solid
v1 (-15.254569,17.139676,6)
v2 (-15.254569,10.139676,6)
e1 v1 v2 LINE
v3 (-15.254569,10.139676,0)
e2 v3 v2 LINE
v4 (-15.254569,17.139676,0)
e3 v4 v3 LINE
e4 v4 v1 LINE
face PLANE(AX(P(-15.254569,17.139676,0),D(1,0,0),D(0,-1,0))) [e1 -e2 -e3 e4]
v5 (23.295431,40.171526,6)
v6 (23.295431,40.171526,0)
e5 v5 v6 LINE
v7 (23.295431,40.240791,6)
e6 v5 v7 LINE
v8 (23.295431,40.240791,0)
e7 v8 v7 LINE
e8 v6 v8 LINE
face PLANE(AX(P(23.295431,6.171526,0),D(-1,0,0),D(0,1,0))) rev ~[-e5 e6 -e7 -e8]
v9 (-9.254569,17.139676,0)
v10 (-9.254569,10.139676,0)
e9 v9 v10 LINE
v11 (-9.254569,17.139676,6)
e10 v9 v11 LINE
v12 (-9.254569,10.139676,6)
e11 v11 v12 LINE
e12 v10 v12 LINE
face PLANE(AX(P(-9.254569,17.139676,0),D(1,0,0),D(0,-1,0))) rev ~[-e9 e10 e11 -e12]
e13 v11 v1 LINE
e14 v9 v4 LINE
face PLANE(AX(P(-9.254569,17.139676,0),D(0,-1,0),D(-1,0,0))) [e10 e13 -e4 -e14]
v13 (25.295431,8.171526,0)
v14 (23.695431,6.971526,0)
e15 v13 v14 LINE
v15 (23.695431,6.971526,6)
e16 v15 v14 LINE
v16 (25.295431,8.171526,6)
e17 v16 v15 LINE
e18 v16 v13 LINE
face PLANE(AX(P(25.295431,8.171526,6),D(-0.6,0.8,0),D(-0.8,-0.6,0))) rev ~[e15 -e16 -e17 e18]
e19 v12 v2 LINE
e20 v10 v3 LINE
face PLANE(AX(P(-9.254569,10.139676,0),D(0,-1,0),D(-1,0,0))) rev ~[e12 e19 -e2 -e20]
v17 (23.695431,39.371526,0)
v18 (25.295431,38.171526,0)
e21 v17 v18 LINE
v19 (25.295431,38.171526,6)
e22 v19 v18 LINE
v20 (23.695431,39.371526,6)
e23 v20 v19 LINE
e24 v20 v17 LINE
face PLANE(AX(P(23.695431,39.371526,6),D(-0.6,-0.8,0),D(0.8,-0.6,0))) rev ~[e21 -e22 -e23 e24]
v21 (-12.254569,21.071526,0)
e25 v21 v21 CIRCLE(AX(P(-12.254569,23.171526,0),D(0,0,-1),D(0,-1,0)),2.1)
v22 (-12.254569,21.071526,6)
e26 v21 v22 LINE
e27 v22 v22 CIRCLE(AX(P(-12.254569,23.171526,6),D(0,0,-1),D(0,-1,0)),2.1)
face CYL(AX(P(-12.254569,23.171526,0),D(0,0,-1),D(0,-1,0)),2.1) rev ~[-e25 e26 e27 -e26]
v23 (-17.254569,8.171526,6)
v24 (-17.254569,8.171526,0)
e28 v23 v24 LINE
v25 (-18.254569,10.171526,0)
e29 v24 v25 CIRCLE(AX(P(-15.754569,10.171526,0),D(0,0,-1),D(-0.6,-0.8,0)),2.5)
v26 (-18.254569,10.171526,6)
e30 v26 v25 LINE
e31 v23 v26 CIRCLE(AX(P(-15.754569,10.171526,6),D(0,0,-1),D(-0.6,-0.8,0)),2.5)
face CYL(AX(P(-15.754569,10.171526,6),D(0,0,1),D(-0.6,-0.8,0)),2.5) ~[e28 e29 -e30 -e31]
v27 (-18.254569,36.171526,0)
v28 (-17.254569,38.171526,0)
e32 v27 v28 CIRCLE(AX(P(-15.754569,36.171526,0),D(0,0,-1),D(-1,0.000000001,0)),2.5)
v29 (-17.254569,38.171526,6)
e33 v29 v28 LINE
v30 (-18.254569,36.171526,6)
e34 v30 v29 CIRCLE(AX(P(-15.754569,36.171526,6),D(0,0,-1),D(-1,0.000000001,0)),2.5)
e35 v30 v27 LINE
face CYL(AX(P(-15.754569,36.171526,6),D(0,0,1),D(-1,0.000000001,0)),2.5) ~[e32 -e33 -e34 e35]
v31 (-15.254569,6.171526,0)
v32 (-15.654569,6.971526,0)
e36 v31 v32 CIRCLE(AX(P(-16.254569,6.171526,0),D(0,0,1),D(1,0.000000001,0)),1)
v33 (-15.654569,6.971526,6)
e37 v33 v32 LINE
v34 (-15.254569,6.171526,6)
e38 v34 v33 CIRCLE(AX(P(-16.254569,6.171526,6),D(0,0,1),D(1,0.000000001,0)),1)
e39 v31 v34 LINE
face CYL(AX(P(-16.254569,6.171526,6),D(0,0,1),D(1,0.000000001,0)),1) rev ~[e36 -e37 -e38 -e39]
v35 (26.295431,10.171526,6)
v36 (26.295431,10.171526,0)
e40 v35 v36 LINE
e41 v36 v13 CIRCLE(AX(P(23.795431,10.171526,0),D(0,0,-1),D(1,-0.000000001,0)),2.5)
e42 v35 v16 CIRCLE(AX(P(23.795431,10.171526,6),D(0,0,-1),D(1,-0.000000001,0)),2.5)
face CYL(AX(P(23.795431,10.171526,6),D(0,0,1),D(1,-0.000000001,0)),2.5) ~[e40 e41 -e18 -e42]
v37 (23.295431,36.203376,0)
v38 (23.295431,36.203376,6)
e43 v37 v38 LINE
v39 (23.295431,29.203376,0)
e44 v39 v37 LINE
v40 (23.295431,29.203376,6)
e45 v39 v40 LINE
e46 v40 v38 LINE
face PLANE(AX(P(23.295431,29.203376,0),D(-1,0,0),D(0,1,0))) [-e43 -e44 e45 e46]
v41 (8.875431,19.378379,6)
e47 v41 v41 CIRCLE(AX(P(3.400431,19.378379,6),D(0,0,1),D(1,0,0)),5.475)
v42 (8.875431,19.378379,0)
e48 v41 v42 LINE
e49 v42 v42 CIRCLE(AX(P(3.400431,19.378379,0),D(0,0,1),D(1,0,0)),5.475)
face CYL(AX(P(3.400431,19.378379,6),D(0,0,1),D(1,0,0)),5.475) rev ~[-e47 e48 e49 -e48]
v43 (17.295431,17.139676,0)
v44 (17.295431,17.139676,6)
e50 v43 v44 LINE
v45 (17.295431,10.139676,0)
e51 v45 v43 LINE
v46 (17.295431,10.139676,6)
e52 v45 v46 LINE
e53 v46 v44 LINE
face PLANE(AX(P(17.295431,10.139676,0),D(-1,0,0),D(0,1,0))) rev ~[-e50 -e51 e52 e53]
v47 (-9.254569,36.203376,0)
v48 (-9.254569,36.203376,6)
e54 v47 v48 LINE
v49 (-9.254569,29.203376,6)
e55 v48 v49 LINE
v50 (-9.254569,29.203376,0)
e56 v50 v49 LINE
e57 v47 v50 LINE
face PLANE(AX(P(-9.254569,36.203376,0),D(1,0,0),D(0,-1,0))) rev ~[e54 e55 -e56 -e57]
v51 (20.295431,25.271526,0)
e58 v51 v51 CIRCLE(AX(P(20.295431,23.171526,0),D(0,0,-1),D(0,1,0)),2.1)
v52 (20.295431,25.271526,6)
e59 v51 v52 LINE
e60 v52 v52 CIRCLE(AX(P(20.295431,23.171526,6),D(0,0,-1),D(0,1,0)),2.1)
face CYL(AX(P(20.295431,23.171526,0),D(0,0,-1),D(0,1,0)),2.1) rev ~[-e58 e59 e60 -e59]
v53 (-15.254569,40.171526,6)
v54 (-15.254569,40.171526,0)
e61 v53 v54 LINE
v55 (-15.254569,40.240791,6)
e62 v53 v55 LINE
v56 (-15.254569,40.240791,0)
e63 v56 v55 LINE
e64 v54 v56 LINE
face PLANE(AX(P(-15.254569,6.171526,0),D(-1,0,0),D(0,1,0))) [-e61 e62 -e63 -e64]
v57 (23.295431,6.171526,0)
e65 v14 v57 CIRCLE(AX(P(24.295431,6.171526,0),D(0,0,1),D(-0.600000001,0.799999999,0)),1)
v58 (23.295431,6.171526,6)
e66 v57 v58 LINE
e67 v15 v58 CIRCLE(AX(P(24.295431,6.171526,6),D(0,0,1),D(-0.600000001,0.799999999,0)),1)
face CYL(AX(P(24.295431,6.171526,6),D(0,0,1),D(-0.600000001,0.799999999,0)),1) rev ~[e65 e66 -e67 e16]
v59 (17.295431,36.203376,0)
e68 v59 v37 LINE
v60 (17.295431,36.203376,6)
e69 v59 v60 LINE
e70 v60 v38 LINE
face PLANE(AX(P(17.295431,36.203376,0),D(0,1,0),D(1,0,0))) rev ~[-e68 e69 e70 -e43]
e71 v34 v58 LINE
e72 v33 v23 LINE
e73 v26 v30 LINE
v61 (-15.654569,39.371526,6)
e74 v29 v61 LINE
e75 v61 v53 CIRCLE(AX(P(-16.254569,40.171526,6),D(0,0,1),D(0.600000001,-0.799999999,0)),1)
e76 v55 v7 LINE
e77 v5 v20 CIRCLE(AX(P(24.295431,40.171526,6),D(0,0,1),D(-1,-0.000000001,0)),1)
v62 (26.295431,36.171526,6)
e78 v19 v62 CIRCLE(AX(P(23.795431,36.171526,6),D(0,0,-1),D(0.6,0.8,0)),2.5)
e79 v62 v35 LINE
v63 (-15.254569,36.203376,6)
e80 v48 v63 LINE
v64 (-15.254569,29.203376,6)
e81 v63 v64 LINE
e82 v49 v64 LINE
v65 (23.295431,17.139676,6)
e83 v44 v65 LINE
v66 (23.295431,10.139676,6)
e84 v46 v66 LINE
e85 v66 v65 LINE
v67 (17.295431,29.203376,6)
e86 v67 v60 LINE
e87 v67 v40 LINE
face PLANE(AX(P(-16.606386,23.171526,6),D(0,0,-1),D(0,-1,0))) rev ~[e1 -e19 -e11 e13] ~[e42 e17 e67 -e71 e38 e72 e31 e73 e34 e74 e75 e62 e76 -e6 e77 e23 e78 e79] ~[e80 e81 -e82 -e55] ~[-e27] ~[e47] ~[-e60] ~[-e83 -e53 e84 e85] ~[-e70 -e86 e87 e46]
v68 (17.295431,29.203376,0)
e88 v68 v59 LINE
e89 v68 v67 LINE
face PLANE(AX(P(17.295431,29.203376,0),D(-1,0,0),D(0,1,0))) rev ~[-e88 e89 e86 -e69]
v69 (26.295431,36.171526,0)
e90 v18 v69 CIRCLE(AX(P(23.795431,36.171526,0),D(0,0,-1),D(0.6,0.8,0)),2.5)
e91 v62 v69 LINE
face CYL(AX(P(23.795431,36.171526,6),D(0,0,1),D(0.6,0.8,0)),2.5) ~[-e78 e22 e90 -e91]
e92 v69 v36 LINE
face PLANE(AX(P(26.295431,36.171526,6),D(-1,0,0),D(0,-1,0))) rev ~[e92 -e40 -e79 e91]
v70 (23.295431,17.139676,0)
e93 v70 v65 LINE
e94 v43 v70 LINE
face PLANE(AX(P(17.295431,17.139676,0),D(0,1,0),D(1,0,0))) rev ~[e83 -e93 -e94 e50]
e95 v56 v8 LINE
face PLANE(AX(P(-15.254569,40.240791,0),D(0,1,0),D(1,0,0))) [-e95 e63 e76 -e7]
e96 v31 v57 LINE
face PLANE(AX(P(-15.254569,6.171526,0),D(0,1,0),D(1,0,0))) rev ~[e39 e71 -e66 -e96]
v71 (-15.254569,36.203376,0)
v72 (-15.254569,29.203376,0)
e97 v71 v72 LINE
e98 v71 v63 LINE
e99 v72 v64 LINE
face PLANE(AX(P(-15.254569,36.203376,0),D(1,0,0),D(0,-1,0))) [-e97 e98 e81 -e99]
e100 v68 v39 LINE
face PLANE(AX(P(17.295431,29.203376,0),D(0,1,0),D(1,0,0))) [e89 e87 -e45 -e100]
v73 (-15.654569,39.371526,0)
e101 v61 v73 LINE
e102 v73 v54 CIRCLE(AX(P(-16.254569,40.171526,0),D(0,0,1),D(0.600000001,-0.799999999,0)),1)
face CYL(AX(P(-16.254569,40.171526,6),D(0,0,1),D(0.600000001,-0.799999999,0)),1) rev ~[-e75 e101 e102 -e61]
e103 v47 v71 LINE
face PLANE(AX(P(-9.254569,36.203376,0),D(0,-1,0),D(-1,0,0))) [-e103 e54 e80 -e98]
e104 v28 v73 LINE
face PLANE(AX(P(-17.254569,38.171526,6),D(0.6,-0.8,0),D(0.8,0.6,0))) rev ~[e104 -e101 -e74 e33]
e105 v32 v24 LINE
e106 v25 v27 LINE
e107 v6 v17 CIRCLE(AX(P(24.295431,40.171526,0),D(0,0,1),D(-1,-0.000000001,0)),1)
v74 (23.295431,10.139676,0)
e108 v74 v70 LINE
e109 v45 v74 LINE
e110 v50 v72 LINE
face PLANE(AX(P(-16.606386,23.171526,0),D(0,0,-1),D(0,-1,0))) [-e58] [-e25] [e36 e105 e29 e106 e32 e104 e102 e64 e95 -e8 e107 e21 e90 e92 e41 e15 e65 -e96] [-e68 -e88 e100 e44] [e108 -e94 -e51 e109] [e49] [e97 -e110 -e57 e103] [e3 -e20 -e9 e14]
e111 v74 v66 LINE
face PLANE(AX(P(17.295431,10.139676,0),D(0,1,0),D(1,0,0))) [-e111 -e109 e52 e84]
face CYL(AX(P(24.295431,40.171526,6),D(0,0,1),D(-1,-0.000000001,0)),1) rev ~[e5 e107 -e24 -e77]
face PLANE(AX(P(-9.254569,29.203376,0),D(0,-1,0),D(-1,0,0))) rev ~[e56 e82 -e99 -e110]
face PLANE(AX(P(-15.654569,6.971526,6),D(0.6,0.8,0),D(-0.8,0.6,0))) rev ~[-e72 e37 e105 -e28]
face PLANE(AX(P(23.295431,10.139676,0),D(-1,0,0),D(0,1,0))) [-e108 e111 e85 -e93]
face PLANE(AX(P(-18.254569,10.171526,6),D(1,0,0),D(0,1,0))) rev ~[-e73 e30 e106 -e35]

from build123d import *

# Parameters (mm, degrees)
SKETCH_1_W           = 38.55
SKETCH_1_H           = 34.06926437
EXTRUDE_1_DEPTH      = 6
SKETCH_2_R           = 5.475
CUT_EXTRUDE_1_DEPTH  = 7
EXTRUDE_2_DEPTH      = 6
SKETCH_3_R           = 2.1
SKETCH_3_W           = 7
SKETCH_3_H           = 6
CUT_EXTRUDE_13_DEPTH = 7
EXTRUDE_21_DEPTH     = 6
SKETCH_31_R          = 2.1
SKETCH_31_W          = 7
SKETCH_31_H          = 6
CUT_EXTRUDE_14_DEPTH = 7


with BuildPart() as part:
    # Эскиз1 → Бобышка-Вытянуть1 (new body)
    with BuildSketch(Plane.XY):
        with Locations((4.02043073, 23.206158468)):
            Rectangle(SKETCH_1_W, SKETCH_1_H)
    extrude(amount=EXTRUDE_1_DEPTH)

    # Эскиз2 → Вырез-Вытянуть1 (cut, through all)
    with BuildSketch(Plane.XY.offset(6)):
        with Locations((3.40043073, 19.378379342)):
            Circle(SKETCH_2_R)
    extrude(amount=-CUT_EXTRUDE_1_DEPTH, mode=Mode.SUBTRACT)

    # Эскиз23 → Бобышка-Вытянуть2 (add)
    with BuildSketch(Plane(origin=(-26.70456927, 23.171526283, 6), x_dir=(0, 1, 0), z_dir=(0, 0, -1))):
        with BuildLine():
            Line((13, 53), (-13, 53))
            ThreePointArc((-13, 53), (-14.118033989, 52.736067977), (-15, 52))
            Line((-15, 52), (-16.2, 50.4))
            ThreePointArc((-16.2, 50.4), (-16.552786405, 50.105572809), (-17, 50))
            Line((-17, 50), (17, 50))
            ThreePointArc((17, 50), (16.552786405, 50.105572809), (16.2, 50.4))
            Line((16.2, 50.4), (15, 52))
            ThreePointArc((15, 52), (14.118033989, 52.736067977), (13, 53))
        make_face()
    extrude(amount=EXTRUDE_2_DEPTH)

    # Эскиз3 → Вырез-Вытянуть13 (cut, through all)
    with BuildSketch(Plane(origin=(-26.70456927, 23.171526283, 0), x_dir=(0, 1, 0), z_dir=(0, 0, -1))):
        with Locations((0, 47)):
            Circle(SKETCH_3_R)
        with Locations((9.531849908, 47)):
            Rectangle(SKETCH_3_W, SKETCH_3_H)
        with Locations((-9.531849908, 47)):
            Rectangle(SKETCH_3_W, SKETCH_3_H)
    extrude(amount=-CUT_EXTRUDE_13_DEPTH, mode=Mode.SUBTRACT)

    # Эскиз24 → Бобышка-Вытянуть21 (add)
    with BuildSketch(Plane(origin=(34.74543073, 23.171526283, 6), x_dir=(0, -1, 0), z_dir=(0, 0, -1))):
        with BuildLine():
            Line((13, 53), (-13, 53))
            ThreePointArc((-13, 53), (-14.118033989, 52.736067977), (-15, 52))
            Line((-15, 52), (-16.2, 50.4))
            ThreePointArc((-16.2, 50.4), (-16.552786405, 50.105572809), (-17, 50))
            Line((-17, 50), (17, 50))
            ThreePointArc((17, 50), (16.552786405, 50.105572809), (16.2, 50.4))
            Line((16.2, 50.4), (15, 52))
            ThreePointArc((15, 52), (14.118033989, 52.736067977), (13, 53))
        make_face()
    extrude(amount=EXTRUDE_21_DEPTH)

    # Эскиз31 → Вырез-Вытянуть14 (cut, through all)
    with BuildSketch(Plane(origin=(34.74543073, 23.171526283, 0), x_dir=(0, -1, 0), z_dir=(0, 0, -1))):
        with Locations((0, 47)):
            Circle(SKETCH_31_R)
        with Locations((9.531849908, 47)):
            Rectangle(SKETCH_31_W, SKETCH_31_H)
        with Locations((-9.531849908, 47)):
            Rectangle(SKETCH_31_W, SKETCH_31_H)
    extrude(amount=-CUT_EXTRUDE_14_DEPTH, mode=Mode.SUBTRACT)


solid = part.part
